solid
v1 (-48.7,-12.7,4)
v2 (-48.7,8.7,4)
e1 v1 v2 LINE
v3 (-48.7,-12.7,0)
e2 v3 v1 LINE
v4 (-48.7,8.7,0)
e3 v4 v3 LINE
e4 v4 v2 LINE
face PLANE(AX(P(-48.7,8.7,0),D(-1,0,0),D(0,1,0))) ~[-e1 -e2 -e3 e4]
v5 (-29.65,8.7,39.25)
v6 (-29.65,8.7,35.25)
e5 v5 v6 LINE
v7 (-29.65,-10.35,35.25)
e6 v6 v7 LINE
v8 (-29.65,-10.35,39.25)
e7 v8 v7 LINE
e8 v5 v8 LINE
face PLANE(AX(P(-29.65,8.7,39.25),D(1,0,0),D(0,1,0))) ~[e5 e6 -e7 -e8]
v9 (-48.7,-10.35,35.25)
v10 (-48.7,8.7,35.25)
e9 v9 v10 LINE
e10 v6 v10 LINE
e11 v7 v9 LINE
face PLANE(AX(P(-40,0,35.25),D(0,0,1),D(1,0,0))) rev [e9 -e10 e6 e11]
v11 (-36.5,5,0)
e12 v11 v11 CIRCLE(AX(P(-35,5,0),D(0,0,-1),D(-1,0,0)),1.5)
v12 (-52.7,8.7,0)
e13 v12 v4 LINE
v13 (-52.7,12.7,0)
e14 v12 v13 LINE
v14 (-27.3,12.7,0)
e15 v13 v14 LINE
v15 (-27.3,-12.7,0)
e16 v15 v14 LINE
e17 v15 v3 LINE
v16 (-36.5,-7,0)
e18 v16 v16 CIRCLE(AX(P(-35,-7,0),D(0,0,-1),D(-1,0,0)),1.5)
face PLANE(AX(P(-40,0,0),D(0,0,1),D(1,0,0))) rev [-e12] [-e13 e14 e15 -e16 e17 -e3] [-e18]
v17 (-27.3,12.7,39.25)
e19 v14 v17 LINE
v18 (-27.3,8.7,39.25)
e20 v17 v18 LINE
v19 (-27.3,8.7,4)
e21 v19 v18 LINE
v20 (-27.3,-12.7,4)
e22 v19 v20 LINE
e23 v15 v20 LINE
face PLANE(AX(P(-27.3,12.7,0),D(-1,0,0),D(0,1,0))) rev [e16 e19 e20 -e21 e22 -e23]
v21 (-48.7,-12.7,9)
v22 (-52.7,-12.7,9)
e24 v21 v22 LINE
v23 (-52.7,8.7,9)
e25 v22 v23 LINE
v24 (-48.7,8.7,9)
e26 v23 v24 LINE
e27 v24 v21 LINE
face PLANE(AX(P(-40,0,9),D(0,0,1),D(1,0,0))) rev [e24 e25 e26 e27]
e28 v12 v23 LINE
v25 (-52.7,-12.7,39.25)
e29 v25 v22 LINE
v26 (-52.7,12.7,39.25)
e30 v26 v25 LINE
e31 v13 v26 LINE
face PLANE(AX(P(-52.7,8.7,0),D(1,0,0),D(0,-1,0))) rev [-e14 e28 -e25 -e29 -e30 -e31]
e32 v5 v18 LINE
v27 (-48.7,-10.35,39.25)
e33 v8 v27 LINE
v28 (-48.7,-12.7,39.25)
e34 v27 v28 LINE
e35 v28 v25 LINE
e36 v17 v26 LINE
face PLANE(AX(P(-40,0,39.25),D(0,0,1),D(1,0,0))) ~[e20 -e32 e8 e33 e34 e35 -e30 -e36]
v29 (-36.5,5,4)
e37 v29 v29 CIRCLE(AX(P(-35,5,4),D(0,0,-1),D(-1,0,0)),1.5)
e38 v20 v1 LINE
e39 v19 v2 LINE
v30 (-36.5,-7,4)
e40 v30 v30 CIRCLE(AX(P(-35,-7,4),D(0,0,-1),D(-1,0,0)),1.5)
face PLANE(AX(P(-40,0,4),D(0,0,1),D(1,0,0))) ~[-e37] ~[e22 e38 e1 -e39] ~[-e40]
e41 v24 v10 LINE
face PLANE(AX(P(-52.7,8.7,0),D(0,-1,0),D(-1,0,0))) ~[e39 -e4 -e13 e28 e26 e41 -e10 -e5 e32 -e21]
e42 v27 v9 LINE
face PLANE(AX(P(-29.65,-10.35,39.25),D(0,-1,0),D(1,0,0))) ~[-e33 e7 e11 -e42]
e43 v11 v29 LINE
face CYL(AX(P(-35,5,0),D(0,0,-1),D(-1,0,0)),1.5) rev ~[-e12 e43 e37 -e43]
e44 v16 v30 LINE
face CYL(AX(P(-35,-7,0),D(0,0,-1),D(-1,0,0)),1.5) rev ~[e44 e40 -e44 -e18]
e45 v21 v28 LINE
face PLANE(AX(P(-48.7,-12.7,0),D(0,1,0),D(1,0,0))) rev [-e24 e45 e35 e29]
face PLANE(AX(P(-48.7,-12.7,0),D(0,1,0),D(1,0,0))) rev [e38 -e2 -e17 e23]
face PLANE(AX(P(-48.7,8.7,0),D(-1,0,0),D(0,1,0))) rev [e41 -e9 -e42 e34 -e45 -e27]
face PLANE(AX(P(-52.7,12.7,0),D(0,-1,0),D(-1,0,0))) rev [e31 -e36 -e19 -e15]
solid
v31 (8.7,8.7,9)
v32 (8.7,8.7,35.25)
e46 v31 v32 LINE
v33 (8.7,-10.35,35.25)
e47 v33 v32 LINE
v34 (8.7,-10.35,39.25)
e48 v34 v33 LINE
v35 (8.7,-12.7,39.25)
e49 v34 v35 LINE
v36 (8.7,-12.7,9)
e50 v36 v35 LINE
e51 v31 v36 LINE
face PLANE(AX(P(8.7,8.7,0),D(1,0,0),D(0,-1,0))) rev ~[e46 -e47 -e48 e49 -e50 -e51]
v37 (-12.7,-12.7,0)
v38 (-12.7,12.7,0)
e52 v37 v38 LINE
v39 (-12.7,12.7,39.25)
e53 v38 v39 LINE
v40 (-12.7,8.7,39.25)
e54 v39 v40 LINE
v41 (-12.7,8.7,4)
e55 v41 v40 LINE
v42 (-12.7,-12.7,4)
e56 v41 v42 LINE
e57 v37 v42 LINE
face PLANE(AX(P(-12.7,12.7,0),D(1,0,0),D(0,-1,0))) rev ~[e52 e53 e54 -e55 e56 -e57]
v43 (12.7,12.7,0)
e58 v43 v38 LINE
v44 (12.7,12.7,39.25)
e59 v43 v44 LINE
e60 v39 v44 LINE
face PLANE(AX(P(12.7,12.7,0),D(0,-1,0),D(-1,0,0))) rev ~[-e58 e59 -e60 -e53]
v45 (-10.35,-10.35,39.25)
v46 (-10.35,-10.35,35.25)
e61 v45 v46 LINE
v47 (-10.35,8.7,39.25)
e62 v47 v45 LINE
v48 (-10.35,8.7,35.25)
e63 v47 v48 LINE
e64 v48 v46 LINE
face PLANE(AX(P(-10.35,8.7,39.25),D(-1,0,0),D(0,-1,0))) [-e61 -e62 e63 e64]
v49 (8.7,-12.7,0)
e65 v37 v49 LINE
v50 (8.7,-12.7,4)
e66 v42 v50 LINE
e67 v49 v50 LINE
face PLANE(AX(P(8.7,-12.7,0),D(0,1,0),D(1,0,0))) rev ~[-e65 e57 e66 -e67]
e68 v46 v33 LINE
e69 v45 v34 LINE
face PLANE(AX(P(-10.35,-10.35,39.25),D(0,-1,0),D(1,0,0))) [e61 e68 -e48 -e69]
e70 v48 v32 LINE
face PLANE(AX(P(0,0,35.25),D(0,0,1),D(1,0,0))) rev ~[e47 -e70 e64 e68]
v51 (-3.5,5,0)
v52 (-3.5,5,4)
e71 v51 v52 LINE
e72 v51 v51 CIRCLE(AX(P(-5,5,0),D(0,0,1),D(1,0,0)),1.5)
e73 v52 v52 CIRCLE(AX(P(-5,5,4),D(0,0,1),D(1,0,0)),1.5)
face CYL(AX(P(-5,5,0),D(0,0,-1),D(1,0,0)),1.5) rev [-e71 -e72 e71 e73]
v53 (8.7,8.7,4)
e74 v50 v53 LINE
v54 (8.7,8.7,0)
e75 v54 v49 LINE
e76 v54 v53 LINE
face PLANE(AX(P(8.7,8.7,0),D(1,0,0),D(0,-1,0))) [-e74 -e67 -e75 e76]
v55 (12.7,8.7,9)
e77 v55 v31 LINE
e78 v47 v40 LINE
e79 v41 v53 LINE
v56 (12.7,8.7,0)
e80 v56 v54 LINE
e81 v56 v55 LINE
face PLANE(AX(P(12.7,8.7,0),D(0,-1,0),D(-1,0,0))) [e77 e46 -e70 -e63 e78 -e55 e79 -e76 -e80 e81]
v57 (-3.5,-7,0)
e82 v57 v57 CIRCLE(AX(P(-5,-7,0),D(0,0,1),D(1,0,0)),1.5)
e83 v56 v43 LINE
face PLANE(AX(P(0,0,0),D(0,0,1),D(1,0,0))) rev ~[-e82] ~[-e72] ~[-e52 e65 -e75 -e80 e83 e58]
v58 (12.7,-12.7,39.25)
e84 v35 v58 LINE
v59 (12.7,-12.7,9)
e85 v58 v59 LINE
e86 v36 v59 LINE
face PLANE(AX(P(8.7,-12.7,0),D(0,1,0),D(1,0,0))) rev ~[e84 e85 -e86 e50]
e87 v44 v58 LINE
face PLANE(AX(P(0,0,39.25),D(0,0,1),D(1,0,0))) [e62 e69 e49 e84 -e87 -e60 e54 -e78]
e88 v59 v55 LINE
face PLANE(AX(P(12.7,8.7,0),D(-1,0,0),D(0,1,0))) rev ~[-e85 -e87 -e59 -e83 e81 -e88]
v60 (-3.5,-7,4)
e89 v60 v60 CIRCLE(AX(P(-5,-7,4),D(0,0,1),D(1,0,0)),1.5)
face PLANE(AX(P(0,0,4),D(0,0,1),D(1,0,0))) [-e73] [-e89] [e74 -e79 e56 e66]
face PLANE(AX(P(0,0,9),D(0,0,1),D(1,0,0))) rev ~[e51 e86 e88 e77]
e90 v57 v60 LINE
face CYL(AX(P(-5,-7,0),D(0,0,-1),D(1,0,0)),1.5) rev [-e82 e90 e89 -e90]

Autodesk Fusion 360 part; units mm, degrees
sketch "Sketch1" plane through (0, 0, 0) normal (0, 0, 1) x (1, 0, 0)
  line L0 (12.7, 12.7) -> (-12.7, 12.7)
  line L1 (-12.7, 12.7) -> (-12.7, -12.7)
  line L2 (-12.7, -12.7) -> (12.7, -12.7)
  line L3 (12.7, -12.7) -> (12.7, 12.7)
  line L4 (12.7, 12.7) -> (-12.7, -12.7) construction
  line L5 (-12.7, 12.7) -> (12.7, -12.7) construction
  line L6 (-12.7, 12.7) -> (12.7, 12.7)
  line L7 (12.7, 12.7) -> (12.7, 8.7)
  line L8 (12.7, 8.7) -> (-12.7, 8.7)
  line L9 (-12.7, 8.7) -> (-12.7, 12.7)
  line L10 (12.7, 12.7) -> (8.7, 12.7)
  line L11 (8.7, 12.7) -> (8.7, -12.7)
  line L12 (8.7, -12.7) -> (12.7, -12.7)
  line L13 (12.7, -12.7) -> (12.7, 12.7)
  circle A0 centre (-5, 5) radius 1.5
  circle A1 centre (-5, -7) radius 1.5
  dimension "d1" = 25.4
  dimension "d2" = 25.4
  dimension "d5" = 4
  dimension "d6" = 4
  dimension "d17" = 3
  dimension "d18" = 3
extrude "Extrude1" add sketch "Sketch1" along normal blind 4 makes body 1
extrude "Extrude2" add sketch "Sketch1" along normal blind 39.25 contours L0 L3 L6 L7 L8 L10 L11 L13 | L0 L1 L6 L8 L9 L11 bodies 1
extrude "Extrude3" add sketch "Sketch1" along normal blind 39.25 contours L2 L3 L8 L11 L12 L13 bodies 1
extrude "Extrude4" cut sketch "Sketch1" along normal blind 9 contours L2 L3 L8 L11 L12 L13 bodies 1
sketch "Sketch2" plane through (0, 0, 39.25) normal (0, 0, 1) x (1, 0, 0)
  line L0 (12.7, 12.7) -> (-12.7, 12.7)
  line L1 (-12.7, 12.7) -> (-12.7, 8.7)
  line L2 (-12.7, 8.7) -> (8.7, 8.7)
  line L3 (12.7, -12.7) -> (12.7, 12.7)
  line L4 (8.7, 8.7) -> (-10.35, 8.7)
  line L5 (-10.35, 8.7) -> (-10.35, -10.35)
  line L6 (-10.35, -10.35) -> (8.7, -10.35)
  line L7 (8.7, -10.35) -> (8.7, 8.7)
  line L8 (8.7, 8.7) -> (8.7, -12.7)
  line L9 (8.7, -12.7) -> (12.7, -12.7)
  dimension "d13" = 19.05
  dimension "d14" = 19.05
extrude "Extrude5" add sketch "Sketch2" against normal blind 4 contours L2 L4 L5 L6 L7 L8 bodies 1
ref_plane "WorkPlane1" through (-20, 0, 0) normal (1, 0, 0) x (0, 1, 0)
mirror "Mirror1" about plane through (-20, 0, 0) normal (1, 0, 0) of bodies 1 makes body 2
